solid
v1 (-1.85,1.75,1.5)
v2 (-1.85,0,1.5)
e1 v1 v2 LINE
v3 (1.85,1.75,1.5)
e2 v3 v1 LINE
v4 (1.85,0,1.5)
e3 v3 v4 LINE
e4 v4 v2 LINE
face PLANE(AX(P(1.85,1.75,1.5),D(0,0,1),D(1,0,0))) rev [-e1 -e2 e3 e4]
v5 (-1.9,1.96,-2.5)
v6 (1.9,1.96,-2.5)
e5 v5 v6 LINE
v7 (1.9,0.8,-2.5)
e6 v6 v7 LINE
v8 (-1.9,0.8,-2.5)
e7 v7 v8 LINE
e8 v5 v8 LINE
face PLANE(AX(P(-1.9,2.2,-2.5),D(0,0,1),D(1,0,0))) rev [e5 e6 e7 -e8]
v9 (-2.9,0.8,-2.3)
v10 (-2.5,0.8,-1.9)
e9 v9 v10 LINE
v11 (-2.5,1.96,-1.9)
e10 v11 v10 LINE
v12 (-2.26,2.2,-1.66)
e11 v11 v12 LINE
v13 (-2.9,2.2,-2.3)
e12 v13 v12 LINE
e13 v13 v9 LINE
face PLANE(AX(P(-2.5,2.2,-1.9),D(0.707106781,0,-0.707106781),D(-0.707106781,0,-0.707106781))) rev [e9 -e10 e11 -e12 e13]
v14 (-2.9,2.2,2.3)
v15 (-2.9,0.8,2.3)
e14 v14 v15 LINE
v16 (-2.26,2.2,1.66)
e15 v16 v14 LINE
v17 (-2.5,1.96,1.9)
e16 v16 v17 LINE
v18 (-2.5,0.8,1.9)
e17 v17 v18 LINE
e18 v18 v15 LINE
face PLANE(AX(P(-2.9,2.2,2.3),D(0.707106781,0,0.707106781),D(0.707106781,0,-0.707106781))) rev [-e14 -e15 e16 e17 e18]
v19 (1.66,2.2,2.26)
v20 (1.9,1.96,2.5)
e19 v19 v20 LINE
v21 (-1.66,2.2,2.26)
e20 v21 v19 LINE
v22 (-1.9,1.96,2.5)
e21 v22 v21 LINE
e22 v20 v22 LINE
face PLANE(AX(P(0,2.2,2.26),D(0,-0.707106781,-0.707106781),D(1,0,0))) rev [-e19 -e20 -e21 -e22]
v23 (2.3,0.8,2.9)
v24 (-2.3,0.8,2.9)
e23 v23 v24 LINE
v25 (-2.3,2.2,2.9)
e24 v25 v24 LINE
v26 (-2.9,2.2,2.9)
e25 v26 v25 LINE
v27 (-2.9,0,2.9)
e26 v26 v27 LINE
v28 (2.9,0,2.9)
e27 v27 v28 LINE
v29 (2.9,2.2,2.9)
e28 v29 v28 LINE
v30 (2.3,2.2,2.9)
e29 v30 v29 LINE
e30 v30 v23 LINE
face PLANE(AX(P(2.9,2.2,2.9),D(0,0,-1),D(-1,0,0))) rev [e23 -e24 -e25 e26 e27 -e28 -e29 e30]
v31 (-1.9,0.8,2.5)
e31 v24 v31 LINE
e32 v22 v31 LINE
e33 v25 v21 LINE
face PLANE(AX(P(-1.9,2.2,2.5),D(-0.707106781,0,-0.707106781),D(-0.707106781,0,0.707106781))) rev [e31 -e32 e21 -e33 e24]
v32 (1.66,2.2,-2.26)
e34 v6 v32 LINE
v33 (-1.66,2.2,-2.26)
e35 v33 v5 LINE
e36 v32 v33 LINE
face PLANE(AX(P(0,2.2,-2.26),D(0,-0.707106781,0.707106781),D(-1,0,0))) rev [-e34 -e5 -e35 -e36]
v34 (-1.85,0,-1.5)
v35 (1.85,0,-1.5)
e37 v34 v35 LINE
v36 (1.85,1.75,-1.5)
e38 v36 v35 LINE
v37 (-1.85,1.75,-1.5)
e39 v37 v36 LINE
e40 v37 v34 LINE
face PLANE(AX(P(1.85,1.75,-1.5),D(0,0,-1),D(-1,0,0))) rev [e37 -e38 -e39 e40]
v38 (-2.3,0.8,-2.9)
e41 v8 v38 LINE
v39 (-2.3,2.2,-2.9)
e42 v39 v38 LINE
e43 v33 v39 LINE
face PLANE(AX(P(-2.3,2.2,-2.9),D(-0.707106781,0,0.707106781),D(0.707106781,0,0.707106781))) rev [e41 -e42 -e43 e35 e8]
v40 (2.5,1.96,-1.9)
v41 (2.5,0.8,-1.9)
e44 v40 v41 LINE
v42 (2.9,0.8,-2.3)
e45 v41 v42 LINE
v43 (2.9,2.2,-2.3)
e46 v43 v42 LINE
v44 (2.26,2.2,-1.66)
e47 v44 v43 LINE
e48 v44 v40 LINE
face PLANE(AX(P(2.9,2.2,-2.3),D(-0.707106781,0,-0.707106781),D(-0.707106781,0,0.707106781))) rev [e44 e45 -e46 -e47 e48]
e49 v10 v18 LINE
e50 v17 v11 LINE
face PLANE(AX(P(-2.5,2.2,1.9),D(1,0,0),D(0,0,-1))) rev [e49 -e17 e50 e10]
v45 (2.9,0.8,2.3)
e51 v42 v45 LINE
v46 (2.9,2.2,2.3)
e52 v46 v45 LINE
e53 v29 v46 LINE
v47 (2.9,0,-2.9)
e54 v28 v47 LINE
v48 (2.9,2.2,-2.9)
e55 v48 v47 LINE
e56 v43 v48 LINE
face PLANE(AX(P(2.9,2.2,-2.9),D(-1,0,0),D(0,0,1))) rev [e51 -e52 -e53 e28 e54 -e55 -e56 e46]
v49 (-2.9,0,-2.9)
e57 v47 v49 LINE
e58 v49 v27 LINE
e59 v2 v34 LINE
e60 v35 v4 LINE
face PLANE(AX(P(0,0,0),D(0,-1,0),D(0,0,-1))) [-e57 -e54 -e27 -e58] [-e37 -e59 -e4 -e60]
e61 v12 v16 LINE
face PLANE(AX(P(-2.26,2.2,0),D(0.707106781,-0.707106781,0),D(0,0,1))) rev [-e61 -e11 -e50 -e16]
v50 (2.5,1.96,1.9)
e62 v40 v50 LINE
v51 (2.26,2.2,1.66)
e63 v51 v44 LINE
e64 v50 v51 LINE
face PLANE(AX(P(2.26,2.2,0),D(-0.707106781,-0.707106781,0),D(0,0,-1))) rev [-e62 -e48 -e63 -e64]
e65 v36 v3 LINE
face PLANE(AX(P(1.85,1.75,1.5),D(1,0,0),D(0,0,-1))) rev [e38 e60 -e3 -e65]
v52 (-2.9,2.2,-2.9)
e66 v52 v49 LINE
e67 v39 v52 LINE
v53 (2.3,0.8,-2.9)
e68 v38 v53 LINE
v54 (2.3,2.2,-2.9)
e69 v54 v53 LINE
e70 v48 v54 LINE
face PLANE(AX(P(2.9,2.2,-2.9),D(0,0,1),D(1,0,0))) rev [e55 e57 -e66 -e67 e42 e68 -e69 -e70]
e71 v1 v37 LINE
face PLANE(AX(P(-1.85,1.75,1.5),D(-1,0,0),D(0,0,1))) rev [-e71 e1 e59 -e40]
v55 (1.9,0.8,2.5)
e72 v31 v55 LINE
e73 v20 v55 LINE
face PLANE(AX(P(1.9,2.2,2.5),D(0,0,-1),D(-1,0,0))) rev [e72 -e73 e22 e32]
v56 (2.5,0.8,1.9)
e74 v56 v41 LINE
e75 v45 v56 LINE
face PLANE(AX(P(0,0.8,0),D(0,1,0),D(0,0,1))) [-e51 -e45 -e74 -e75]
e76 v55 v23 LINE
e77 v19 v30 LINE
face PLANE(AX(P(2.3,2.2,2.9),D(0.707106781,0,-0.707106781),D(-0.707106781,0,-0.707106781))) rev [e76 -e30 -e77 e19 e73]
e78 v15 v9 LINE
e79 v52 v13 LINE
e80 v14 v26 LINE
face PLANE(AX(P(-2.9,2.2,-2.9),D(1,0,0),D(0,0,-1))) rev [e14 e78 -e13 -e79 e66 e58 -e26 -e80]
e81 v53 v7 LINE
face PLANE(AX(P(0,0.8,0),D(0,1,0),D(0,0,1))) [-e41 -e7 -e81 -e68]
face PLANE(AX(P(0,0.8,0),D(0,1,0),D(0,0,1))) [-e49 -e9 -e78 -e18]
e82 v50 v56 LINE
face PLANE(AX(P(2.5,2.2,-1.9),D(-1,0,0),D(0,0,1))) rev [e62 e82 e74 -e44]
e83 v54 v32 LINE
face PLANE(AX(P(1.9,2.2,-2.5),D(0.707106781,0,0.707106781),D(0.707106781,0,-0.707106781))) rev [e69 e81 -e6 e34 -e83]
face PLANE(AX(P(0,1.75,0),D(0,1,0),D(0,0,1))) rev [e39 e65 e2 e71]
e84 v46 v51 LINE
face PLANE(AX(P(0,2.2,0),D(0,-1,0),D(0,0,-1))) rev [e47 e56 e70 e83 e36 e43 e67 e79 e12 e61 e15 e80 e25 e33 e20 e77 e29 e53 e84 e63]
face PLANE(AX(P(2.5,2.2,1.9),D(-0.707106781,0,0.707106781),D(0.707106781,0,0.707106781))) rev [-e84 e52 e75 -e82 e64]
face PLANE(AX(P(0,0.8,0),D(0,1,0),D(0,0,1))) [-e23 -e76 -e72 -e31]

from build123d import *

# Parameters (mm, degrees)
SKETCH_1_W          = 5.8
SKETCH_1_H          = 5.8
EXTRUDE_1_DEPTH     = 2.2
SKETCH_3_W          = 3.7
SKETCH_3_H          = 3
CUT_EXTRUDE_2_DEPTH = 1.75
CUT_EXTRUDE_START   = -0.8
CUT_EXTRUDE_1_DEPTH = 4.854030511
CHAMFER_1_SIZE      = 0.24


with BuildPart() as part:
    # 草图1 → 凸台-拉伸1 (new body)
    with BuildSketch(Plane(origin=(0, 0, 0), x_dir=(1, 0, 0), z_dir=(0, 1, 0))):
        Rectangle(SKETCH_1_W, SKETCH_1_H)
    extrude(amount=EXTRUDE_1_DEPTH)

    # 草图3 → 切除-拉伸2 (cut)
    with BuildSketch(Plane.XZ):
        Rectangle(SKETCH_3_W, SKETCH_3_H)
    extrude(amount=-CUT_EXTRUDE_2_DEPTH, mode=Mode.SUBTRACT)

    # 草图2 → 切除-拉伸1 (cut, through all)
    with BuildSketch(Plane.XZ.offset(CUT_EXTRUDE_START)):
        Polygon((-2.9, 2.3), (-2.9, -2.3), (-2.5, -1.9), (-2.5, 1.9), align=None)
        Polygon((-1.9, 2.5), (-2.3, 2.9), (2.3, 2.9), (1.9, 2.5), align=None)
        Polygon((2.5, 1.9), (2.9, 2.3), (2.9, -2.3), (2.5, -1.9), align=None)
        Polygon((1.9, -2.5), (2.3, -2.9), (-2.3, -2.9), (-1.9, -2.5), align=None)
    extrude(amount=-CUT_EXTRUDE_1_DEPTH, mode=Mode.SUBTRACT)

    # 倒角1
    chamfer_1_edges = [part.edges().sort_by_distance(p)[0] for p in [
        (-2.5, 2.2, 0),
        (0, 2.2, 2.5),
        (2.5, 2.2, 0),
        (0, 2.2, -2.5),
    ]]
    chamfer(chamfer_1_edges, length=CHAMFER_1_SIZE)


solid = part.part
